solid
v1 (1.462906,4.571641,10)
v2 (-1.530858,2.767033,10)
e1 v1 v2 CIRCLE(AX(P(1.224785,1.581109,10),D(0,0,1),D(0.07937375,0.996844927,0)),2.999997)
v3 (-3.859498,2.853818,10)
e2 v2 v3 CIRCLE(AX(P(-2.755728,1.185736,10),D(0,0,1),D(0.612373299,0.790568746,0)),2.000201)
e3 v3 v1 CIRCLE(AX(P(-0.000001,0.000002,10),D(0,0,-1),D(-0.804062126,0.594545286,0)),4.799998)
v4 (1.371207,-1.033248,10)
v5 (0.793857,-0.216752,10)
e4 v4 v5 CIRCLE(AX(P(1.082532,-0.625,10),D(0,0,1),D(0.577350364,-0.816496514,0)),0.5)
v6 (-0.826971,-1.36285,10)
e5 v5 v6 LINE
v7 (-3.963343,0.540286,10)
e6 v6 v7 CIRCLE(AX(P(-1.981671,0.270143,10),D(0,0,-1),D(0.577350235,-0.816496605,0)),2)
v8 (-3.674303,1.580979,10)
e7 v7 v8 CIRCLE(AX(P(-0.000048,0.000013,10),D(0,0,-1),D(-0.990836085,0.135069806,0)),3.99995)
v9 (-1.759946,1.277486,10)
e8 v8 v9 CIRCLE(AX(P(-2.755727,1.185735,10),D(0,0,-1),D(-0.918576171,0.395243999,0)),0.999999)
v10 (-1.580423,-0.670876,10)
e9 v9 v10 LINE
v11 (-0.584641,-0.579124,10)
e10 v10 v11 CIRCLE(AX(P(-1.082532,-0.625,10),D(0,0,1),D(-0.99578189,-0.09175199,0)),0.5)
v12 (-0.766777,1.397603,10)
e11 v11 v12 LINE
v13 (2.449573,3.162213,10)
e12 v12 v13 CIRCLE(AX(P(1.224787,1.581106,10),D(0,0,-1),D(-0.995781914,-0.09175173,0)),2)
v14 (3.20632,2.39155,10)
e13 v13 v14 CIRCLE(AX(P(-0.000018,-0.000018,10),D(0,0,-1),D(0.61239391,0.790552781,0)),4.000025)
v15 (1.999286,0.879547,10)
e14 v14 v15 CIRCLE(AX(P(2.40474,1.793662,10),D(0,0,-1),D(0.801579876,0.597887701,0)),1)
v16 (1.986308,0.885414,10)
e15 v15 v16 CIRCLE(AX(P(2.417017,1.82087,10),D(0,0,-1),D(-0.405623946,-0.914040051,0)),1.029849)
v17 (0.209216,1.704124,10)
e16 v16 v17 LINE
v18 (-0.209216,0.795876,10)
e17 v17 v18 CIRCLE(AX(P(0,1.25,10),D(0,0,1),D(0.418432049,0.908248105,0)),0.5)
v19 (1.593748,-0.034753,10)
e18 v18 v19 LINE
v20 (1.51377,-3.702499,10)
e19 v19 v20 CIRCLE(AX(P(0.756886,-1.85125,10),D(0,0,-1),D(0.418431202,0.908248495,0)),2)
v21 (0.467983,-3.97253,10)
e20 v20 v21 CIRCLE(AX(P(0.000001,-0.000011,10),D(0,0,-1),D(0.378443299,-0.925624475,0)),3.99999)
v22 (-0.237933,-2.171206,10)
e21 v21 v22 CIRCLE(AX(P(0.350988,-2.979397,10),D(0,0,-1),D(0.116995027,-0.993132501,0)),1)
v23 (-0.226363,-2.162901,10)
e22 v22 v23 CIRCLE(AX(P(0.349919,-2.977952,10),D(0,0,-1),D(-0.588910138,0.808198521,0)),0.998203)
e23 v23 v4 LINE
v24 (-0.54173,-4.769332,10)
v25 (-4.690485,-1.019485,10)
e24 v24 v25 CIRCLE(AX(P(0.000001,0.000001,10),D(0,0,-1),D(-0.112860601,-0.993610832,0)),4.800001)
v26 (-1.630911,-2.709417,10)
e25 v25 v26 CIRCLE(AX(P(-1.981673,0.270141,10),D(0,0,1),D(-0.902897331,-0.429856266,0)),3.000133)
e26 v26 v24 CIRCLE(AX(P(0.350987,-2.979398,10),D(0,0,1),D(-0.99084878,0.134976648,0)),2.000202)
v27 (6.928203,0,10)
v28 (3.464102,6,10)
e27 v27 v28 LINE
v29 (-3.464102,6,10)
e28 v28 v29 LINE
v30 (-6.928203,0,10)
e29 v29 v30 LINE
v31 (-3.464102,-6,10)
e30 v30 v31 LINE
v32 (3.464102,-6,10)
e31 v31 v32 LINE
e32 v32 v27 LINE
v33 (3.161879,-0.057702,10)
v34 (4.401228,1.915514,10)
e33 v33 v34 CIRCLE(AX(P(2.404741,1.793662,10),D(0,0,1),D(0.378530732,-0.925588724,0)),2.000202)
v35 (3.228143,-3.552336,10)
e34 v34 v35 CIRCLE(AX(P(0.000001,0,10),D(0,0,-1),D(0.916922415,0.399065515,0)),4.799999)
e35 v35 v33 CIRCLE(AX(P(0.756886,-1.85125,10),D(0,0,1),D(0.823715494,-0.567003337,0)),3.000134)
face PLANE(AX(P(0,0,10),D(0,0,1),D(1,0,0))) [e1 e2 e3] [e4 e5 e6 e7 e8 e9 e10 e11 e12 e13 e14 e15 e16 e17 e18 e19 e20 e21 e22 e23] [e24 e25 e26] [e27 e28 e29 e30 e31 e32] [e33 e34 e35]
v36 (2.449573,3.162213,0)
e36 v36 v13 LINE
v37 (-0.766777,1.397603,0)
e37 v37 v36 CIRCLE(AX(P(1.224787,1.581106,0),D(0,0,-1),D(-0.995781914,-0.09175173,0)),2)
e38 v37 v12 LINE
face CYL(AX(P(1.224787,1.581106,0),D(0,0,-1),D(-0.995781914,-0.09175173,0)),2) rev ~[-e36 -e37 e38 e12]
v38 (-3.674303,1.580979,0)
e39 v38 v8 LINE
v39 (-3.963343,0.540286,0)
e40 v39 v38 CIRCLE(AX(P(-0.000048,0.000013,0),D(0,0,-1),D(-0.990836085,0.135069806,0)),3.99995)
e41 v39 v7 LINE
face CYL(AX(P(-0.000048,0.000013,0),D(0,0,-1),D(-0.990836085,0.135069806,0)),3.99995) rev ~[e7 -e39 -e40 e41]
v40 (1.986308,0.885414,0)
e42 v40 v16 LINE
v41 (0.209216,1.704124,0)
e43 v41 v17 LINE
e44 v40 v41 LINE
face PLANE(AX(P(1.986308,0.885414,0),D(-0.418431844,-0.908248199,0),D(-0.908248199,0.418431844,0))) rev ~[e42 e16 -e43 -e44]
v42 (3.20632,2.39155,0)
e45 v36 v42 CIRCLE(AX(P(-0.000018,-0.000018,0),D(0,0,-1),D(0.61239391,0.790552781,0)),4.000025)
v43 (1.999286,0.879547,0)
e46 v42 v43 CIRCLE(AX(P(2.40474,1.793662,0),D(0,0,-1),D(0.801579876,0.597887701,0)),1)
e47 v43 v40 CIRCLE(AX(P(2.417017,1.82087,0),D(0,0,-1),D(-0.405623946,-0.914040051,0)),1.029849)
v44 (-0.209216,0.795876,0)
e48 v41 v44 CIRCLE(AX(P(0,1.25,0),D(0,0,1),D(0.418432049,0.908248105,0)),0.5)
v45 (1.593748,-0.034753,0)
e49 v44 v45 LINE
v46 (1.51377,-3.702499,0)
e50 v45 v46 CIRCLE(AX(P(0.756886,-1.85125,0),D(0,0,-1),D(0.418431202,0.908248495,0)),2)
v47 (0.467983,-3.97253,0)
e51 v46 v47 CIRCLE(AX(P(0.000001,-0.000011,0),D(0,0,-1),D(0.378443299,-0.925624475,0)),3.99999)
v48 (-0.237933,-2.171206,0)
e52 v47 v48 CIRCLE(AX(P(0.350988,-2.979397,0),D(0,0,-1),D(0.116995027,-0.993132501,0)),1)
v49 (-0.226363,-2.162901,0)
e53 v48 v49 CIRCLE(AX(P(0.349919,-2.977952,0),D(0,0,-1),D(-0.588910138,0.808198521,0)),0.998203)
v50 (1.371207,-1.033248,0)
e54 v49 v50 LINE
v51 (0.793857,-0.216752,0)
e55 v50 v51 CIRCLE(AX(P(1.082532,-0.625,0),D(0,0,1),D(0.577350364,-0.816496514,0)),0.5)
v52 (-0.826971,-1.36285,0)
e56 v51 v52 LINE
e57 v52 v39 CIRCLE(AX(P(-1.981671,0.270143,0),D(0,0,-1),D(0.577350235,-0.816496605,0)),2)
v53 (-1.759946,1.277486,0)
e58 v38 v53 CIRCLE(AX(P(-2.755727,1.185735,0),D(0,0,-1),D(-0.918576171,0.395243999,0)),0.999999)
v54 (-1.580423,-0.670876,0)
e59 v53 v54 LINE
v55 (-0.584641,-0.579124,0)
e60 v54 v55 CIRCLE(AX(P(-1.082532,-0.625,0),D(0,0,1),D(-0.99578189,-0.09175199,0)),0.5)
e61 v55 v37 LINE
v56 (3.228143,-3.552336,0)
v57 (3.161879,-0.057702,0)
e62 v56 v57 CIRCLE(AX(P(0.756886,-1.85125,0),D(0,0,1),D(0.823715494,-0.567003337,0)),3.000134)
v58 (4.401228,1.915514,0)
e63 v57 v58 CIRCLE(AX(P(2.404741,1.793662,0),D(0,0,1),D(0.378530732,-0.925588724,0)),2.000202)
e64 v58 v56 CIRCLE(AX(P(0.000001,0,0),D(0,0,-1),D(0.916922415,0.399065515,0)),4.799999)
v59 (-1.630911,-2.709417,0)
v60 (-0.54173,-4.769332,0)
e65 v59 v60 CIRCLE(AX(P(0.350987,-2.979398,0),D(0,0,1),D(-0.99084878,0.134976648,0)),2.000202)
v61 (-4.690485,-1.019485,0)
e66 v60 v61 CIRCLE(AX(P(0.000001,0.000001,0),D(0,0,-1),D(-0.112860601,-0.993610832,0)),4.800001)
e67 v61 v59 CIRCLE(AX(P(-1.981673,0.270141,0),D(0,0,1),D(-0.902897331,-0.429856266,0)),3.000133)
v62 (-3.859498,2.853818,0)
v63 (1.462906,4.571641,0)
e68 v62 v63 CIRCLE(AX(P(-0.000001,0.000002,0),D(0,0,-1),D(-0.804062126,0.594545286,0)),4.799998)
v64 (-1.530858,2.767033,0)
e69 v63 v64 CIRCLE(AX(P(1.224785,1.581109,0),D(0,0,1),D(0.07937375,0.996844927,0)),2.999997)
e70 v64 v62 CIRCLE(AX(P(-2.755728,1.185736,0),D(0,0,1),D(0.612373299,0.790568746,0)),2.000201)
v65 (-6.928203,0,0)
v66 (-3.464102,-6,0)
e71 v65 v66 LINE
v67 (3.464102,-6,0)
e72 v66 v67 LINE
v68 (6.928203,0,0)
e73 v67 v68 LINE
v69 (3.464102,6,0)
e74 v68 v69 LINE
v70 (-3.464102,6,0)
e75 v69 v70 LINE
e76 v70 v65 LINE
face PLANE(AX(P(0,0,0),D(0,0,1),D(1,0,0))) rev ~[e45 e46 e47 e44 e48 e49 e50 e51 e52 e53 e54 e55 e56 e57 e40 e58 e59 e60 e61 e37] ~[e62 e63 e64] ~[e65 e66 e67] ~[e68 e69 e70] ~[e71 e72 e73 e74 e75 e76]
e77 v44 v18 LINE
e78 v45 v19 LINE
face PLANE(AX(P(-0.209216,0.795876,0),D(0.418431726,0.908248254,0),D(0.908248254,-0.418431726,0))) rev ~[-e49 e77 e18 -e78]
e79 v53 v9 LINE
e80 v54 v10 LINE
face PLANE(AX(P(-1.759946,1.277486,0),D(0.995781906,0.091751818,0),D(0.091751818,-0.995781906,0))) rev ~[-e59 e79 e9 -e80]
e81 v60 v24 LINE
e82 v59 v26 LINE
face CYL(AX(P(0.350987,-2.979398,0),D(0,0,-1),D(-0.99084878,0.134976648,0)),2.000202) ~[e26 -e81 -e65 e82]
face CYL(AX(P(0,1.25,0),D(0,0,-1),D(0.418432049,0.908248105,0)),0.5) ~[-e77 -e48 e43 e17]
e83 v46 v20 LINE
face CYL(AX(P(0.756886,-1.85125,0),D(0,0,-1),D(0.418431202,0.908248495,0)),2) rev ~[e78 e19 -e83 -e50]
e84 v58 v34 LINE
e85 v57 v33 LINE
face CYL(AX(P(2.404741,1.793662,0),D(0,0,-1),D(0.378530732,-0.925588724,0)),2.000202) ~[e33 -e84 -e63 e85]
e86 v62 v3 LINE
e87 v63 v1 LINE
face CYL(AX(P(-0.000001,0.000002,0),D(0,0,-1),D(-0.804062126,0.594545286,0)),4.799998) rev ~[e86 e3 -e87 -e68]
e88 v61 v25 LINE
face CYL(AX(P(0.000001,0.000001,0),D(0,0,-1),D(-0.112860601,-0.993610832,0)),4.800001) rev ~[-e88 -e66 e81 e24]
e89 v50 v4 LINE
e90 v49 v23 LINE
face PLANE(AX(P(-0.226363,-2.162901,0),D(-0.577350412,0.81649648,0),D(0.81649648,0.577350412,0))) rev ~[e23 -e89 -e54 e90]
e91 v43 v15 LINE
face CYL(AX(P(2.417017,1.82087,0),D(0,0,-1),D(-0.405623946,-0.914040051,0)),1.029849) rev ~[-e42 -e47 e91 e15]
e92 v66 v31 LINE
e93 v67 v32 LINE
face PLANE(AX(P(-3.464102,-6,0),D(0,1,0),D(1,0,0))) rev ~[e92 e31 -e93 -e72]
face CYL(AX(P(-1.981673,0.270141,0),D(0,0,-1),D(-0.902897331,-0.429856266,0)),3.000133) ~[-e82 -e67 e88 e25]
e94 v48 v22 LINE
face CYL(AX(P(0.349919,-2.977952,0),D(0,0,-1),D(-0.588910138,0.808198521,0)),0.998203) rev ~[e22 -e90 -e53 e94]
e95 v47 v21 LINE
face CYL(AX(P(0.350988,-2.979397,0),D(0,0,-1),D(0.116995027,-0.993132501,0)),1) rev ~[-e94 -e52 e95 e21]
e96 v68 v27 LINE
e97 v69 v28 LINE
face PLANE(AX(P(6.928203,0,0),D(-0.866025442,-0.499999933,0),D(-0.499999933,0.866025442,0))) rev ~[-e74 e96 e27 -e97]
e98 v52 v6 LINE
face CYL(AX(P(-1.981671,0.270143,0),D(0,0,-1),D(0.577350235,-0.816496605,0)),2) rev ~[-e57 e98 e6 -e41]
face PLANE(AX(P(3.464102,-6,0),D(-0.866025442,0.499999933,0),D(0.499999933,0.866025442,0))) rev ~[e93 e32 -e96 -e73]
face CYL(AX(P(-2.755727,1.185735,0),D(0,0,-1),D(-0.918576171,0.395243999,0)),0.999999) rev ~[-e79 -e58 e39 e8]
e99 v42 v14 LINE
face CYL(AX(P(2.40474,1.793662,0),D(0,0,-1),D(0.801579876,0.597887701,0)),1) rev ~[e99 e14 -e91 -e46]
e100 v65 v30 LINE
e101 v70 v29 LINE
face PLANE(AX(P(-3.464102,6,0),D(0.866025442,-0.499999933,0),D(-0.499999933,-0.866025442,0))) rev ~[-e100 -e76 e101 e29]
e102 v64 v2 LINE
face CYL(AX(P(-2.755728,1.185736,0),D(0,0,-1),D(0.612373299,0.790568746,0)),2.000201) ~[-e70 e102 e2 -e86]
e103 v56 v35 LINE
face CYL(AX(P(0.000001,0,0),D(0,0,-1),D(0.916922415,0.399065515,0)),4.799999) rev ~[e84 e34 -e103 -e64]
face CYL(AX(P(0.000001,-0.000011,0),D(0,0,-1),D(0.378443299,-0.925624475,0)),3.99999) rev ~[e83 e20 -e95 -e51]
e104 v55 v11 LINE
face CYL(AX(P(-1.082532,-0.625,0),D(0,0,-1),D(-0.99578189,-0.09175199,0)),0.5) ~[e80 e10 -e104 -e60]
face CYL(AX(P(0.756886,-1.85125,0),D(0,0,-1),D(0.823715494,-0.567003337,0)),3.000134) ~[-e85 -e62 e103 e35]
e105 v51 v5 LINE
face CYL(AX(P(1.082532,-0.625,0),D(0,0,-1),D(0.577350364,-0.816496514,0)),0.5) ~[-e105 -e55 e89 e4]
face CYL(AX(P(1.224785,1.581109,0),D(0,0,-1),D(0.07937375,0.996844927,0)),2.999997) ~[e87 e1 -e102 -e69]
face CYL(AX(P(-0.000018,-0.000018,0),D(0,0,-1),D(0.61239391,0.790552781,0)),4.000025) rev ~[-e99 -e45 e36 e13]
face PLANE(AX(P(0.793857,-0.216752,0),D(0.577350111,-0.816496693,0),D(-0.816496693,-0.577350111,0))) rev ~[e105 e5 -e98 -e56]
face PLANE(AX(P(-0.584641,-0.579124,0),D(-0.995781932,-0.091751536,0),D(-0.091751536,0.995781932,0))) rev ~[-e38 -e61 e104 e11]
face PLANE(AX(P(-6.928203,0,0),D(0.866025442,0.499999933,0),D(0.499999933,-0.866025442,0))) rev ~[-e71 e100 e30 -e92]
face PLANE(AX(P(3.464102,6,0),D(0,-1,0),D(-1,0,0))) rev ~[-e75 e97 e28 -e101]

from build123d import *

# Parameters (mm, degrees)
F1_DEPTH = 10


with BuildPart() as f1:
    # F0 (on Top) → F1 (new body)
    with BuildSketch(Plane.XY):
        Polygon((3.464102, 6), (-3.464102, 6), (-6.928203, 0), (-3.464102, -6), (3.464102, -6), (6.928203, 0), align=None)
        with BuildLine():
            ThreePointArc((-0.54173, -4.769332), (-3.218595, -3.560989), (-4.690485, -1.019485))
            ThreePointArc((-4.690485, -1.019485), (-3.432213, -2.356022), (-1.630911, -2.709417))
            ThreePointArc((-1.630911, -2.709417), (-1.417251, -3.914354), (-0.54173, -4.769332))
        make_face(mode=Mode.SUBTRACT)
        with BuildLine():
            Line((1.986308, 0.885414), (0.209216, 1.704124))
            ThreePointArc((0.209216, 1.704124), (-0.454124, 1.459216), (-0.209216, 0.795876))
            Line((-0.209216, 0.795876), (1.593748, -0.034753))
            ThreePointArc((1.593748, -0.034753), (2.75641, -1.894851), (1.51377, -3.702499))
            ThreePointArc((1.51377, -3.702499), (1.000033, -3.872975), (0.467983, -3.97253))
            ThreePointArc((0.467983, -3.97253), (-0.580071, -3.344267), (-0.237933, -2.171206))
            ThreePointArc((-0.237933, -2.171206), (-0.232163, -2.167033), (-0.226363, -2.162901))
            Line((-0.226363, -2.162901), (1.371207, -1.033248))
            ThreePointArc((1.371207, -1.033248), (1.49078, -0.336325), (0.793857, -0.216752))
            Line((0.793857, -0.216752), (-0.826971, -1.36285))
            ThreePointArc((-0.826971, -1.36285), (-3.019194, -1.439695), (-3.963343, 0.540286))
            ThreePointArc((-3.963343, 0.540286), (-3.854111, 1.070434), (-3.674303, 1.580979))
            ThreePointArc((-3.674303, 1.580979), (-2.599148, 2.1734), (-1.759946, 1.277486))
            Line((-1.759946, 1.277486), (-1.580423, -0.670876))
            ThreePointArc((-1.580423, -0.670876), (-1.036656, -1.122891), (-0.584641, -0.579124))
            Line((-0.584641, -0.579124), (-0.766777, 1.397603))
            ThreePointArc((-0.766777, 1.397603), (0.262784, 3.334546), (2.449573, 3.162213))
            ThreePointArc((2.449573, 3.162213), (2.854078, 2.802541), (3.20632, 2.39155))
            ThreePointArc((3.20632, 2.39155), (3.186256, 1.169777), (1.999286, 0.879547))
            ThreePointArc((1.999286, 0.879547), (1.992787, 0.882458), (1.986308, 0.885414))
        make_face(mode=Mode.SUBTRACT)
        with BuildLine():
            ThreePointArc((3.228143, -3.552336), (3.756481, -1.794373), (3.161879, -0.057702))
            ThreePointArc((3.161879, -0.057702), (4.098556, 0.729802), (4.401228, 1.915514))
            ThreePointArc((4.401228, 1.915514), (4.693205, -1.006891), (3.228143, -3.552336))
        make_face(mode=Mode.SUBTRACT)
        with BuildLine():
            ThreePointArc((-3.859498, 2.853818), (-1.474328, 4.567971), (1.462906, 4.571641))
            ThreePointArc((1.462906, 4.571641), (-0.323966, 4.150419), (-1.530858, 2.767033))
            ThreePointArc((-1.530858, 2.767033), (-2.681235, 3.18455), (-3.859498, 2.853818))
        make_face(mode=Mode.SUBTRACT)
    extrude(amount=F1_DEPTH)


solid = f1.part
